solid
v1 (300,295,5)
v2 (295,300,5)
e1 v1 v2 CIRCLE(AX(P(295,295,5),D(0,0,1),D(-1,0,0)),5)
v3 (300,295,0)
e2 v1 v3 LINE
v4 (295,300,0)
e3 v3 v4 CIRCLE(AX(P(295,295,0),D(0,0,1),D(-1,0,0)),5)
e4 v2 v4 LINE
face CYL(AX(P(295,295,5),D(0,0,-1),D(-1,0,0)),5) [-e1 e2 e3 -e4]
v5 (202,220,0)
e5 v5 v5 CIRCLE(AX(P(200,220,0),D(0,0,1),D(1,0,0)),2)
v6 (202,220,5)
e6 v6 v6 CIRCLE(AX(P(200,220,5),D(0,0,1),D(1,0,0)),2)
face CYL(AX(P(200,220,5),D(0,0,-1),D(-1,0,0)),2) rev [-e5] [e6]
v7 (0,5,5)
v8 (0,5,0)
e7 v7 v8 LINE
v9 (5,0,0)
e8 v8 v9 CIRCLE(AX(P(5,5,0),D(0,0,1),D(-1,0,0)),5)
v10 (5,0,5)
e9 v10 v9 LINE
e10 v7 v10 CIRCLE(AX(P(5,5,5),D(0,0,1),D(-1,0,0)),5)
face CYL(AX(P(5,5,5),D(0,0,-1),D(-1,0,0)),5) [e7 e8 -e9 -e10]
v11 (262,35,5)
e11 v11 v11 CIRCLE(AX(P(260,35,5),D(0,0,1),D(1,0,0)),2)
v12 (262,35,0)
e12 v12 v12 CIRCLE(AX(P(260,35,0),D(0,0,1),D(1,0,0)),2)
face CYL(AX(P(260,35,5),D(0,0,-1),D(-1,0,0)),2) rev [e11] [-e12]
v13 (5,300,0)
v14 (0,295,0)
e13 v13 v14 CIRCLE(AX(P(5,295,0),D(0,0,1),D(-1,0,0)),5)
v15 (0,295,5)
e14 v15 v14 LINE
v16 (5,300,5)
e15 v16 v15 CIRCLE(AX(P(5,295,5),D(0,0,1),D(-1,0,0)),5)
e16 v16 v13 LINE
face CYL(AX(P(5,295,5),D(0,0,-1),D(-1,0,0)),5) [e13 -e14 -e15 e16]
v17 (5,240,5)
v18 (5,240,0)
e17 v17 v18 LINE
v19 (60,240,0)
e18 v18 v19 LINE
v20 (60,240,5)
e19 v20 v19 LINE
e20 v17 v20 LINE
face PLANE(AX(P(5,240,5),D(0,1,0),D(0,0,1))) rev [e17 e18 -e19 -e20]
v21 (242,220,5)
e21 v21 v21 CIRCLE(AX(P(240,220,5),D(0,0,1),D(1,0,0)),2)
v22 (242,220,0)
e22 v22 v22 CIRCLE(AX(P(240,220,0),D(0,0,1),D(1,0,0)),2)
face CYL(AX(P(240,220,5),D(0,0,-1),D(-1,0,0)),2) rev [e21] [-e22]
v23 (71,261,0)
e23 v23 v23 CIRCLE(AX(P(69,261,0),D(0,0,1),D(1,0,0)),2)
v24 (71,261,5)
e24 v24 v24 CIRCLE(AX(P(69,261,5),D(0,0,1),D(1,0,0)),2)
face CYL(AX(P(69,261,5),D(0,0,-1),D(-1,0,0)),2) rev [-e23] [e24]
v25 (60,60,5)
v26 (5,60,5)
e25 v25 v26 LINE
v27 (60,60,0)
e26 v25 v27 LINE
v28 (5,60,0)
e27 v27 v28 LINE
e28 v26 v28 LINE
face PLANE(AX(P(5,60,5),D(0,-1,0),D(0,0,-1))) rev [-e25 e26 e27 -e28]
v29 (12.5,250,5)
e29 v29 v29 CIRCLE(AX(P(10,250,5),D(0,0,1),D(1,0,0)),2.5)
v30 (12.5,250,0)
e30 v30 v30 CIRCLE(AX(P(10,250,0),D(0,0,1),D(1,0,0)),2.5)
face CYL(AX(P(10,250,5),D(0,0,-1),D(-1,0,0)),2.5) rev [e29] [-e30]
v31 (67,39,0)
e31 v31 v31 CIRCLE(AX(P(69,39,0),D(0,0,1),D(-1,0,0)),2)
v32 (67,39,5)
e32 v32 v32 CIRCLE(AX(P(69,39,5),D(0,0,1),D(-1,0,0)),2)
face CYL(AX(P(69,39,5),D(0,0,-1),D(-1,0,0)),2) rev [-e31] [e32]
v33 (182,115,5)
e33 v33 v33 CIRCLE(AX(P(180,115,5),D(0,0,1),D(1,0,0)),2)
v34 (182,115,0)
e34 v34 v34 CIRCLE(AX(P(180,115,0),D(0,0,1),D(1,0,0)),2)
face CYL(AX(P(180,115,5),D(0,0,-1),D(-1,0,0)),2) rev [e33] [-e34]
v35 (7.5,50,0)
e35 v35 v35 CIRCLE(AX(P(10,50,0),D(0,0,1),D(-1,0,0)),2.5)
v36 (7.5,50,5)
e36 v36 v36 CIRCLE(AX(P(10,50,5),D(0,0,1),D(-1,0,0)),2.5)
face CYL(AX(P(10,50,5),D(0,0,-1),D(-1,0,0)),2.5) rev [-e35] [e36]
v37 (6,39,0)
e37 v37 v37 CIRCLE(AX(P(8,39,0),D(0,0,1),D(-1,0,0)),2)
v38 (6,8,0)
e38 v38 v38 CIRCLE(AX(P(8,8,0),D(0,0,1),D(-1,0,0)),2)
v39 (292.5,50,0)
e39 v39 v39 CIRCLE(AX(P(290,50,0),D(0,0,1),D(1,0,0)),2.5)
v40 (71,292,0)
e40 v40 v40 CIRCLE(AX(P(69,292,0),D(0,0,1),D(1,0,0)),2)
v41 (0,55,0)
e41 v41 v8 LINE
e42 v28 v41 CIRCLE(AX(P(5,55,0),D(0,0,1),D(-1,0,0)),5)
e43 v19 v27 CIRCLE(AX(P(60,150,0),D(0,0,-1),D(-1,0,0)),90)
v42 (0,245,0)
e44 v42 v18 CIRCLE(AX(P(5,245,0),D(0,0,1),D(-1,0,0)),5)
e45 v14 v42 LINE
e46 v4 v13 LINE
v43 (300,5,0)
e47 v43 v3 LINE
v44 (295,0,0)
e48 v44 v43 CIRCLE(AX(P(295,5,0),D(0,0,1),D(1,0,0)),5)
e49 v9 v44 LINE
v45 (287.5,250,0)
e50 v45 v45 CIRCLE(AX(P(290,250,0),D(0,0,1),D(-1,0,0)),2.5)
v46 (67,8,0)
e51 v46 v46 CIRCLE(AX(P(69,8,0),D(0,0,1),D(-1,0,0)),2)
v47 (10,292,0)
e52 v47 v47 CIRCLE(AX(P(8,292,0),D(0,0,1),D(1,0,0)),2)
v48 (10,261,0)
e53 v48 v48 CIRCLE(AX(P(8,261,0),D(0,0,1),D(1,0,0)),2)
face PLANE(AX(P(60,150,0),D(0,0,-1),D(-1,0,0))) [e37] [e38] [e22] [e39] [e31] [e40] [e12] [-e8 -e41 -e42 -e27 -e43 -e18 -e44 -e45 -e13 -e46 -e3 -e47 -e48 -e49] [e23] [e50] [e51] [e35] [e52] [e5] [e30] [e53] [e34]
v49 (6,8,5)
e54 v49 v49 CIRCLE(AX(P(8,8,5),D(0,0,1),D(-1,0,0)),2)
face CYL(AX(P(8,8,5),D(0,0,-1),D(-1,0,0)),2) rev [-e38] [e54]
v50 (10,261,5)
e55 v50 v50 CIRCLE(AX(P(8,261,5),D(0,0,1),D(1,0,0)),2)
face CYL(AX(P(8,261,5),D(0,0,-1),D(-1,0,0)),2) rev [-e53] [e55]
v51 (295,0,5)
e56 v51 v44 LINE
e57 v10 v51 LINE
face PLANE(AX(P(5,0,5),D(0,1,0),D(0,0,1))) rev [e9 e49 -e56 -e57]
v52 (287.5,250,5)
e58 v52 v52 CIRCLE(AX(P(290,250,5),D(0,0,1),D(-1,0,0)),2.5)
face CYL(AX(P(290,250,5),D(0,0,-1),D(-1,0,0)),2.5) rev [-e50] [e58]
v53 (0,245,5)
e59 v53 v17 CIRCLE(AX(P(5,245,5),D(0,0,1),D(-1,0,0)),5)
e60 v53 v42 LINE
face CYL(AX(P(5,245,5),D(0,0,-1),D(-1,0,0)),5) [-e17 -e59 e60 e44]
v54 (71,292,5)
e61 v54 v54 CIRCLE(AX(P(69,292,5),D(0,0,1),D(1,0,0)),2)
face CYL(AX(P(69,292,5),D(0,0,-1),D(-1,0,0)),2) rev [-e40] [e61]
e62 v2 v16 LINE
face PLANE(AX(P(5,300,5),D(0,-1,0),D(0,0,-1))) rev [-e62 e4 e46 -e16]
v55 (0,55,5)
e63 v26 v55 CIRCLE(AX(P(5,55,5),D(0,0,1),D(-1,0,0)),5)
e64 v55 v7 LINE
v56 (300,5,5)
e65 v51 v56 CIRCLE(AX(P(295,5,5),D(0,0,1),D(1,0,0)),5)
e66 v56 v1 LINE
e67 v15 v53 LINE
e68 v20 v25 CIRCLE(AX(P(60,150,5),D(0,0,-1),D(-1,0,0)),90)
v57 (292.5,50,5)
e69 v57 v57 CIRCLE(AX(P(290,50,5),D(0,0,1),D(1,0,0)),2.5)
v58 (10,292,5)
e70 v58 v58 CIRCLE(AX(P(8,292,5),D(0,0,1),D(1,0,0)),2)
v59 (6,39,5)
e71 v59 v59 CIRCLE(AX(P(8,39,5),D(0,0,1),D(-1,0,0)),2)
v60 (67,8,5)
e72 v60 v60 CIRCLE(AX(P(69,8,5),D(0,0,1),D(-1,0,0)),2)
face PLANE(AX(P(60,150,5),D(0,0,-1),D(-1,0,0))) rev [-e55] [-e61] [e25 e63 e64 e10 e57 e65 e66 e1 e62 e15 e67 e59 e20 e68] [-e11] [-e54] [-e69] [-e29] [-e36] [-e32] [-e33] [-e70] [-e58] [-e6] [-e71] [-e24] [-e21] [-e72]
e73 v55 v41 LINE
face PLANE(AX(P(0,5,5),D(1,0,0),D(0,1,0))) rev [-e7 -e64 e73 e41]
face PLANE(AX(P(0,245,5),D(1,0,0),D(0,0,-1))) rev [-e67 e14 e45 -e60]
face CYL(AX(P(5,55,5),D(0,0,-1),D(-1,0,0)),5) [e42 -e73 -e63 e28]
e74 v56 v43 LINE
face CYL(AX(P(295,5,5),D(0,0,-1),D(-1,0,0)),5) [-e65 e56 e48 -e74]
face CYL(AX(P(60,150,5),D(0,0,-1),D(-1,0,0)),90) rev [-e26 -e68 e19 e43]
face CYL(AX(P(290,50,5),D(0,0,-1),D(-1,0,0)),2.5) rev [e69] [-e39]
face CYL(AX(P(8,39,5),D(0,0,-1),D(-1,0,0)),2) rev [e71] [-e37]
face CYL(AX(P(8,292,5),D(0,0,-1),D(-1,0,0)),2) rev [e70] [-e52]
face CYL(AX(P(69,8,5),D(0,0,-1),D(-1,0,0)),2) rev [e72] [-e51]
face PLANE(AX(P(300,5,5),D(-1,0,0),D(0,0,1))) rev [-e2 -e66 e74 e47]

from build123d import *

# Parameters (mm, degrees)
SKETCH_1_R      = 2.5
SKETCH_1_R_2    = 2
EXTRUDE_1_DEPTH = 5


with BuildPart() as part:
    # 草图1 → 凸台-拉伸1 (new body)
    with BuildSketch(Plane.XY):
        with BuildLine():
            Line((5, 0), (295, 0))
            ThreePointArc((295, 0), (298.535533906, 1.464466094), (300, 5))
            Line((300, 5), (300, 295))
            ThreePointArc((300, 295), (298.535533906, 298.535533906), (295, 300))
            Line((295, 300), (5, 300))
            ThreePointArc((5, 300), (1.464466094, 298.535533906), (0, 295))
            Line((0, 295), (0, 245))
            ThreePointArc((0, 245), (1.464466094, 241.464466094), (5, 240))
            Line((5, 240), (60, 240))
            ThreePointArc((60, 240), (150, 150), (60, 60))
            Line((60, 60), (5, 60))
            ThreePointArc((5, 60), (1.464466094, 58.535533906), (0, 55))
            Line((0, 55), (0, 5))
            ThreePointArc((0, 5), (1.464466094, 1.464466094), (5, 0))
        make_face()
        with Locations((10, 250)):
            Circle(SKETCH_1_R, mode=Mode.SUBTRACT)
        with Locations(Location((290, 250, 0), (0, 0, 180))):
            Circle(SKETCH_1_R, mode=Mode.SUBTRACT)
        with Locations(Location((10, 50, 0), (0, 0, 180))):
            Circle(SKETCH_1_R, mode=Mode.SUBTRACT)
        with Locations((290, 50)):
            Circle(SKETCH_1_R, mode=Mode.SUBTRACT)
        with Locations((8, 292)):
            Circle(SKETCH_1_R_2, mode=Mode.SUBTRACT)
        with Locations((69, 292)):
            Circle(SKETCH_1_R_2, mode=Mode.SUBTRACT)
        with Locations((69, 261)):
            Circle(SKETCH_1_R_2, mode=Mode.SUBTRACT)
        with Locations((8, 261)):
            Circle(SKETCH_1_R_2, mode=Mode.SUBTRACT)
        with Locations(Location((8, 39, 0), (0, 0, 180))):
            Circle(SKETCH_1_R_2, mode=Mode.SUBTRACT)
        with Locations(Location((69, 39, 0), (0, 0, 180))):
            Circle(SKETCH_1_R_2, mode=Mode.SUBTRACT)
        with Locations(Location((69, 8, 0), (0, 0, 180))):
            Circle(SKETCH_1_R_2, mode=Mode.SUBTRACT)
        with Locations(Location((8, 8, 0), (0, 0, 180))):
            Circle(SKETCH_1_R_2, mode=Mode.SUBTRACT)
        with Locations((200, 220)):
            Circle(SKETCH_1_R_2, mode=Mode.SUBTRACT)
        with Locations((240, 220)):
            Circle(SKETCH_1_R_2, mode=Mode.SUBTRACT)
        with Locations((180, 115)):
            Circle(SKETCH_1_R_2, mode=Mode.SUBTRACT)
        with Locations((260, 35)):
            Circle(SKETCH_1_R_2, mode=Mode.SUBTRACT)
    extrude(amount=EXTRUDE_1_DEPTH)


solid = part.part
